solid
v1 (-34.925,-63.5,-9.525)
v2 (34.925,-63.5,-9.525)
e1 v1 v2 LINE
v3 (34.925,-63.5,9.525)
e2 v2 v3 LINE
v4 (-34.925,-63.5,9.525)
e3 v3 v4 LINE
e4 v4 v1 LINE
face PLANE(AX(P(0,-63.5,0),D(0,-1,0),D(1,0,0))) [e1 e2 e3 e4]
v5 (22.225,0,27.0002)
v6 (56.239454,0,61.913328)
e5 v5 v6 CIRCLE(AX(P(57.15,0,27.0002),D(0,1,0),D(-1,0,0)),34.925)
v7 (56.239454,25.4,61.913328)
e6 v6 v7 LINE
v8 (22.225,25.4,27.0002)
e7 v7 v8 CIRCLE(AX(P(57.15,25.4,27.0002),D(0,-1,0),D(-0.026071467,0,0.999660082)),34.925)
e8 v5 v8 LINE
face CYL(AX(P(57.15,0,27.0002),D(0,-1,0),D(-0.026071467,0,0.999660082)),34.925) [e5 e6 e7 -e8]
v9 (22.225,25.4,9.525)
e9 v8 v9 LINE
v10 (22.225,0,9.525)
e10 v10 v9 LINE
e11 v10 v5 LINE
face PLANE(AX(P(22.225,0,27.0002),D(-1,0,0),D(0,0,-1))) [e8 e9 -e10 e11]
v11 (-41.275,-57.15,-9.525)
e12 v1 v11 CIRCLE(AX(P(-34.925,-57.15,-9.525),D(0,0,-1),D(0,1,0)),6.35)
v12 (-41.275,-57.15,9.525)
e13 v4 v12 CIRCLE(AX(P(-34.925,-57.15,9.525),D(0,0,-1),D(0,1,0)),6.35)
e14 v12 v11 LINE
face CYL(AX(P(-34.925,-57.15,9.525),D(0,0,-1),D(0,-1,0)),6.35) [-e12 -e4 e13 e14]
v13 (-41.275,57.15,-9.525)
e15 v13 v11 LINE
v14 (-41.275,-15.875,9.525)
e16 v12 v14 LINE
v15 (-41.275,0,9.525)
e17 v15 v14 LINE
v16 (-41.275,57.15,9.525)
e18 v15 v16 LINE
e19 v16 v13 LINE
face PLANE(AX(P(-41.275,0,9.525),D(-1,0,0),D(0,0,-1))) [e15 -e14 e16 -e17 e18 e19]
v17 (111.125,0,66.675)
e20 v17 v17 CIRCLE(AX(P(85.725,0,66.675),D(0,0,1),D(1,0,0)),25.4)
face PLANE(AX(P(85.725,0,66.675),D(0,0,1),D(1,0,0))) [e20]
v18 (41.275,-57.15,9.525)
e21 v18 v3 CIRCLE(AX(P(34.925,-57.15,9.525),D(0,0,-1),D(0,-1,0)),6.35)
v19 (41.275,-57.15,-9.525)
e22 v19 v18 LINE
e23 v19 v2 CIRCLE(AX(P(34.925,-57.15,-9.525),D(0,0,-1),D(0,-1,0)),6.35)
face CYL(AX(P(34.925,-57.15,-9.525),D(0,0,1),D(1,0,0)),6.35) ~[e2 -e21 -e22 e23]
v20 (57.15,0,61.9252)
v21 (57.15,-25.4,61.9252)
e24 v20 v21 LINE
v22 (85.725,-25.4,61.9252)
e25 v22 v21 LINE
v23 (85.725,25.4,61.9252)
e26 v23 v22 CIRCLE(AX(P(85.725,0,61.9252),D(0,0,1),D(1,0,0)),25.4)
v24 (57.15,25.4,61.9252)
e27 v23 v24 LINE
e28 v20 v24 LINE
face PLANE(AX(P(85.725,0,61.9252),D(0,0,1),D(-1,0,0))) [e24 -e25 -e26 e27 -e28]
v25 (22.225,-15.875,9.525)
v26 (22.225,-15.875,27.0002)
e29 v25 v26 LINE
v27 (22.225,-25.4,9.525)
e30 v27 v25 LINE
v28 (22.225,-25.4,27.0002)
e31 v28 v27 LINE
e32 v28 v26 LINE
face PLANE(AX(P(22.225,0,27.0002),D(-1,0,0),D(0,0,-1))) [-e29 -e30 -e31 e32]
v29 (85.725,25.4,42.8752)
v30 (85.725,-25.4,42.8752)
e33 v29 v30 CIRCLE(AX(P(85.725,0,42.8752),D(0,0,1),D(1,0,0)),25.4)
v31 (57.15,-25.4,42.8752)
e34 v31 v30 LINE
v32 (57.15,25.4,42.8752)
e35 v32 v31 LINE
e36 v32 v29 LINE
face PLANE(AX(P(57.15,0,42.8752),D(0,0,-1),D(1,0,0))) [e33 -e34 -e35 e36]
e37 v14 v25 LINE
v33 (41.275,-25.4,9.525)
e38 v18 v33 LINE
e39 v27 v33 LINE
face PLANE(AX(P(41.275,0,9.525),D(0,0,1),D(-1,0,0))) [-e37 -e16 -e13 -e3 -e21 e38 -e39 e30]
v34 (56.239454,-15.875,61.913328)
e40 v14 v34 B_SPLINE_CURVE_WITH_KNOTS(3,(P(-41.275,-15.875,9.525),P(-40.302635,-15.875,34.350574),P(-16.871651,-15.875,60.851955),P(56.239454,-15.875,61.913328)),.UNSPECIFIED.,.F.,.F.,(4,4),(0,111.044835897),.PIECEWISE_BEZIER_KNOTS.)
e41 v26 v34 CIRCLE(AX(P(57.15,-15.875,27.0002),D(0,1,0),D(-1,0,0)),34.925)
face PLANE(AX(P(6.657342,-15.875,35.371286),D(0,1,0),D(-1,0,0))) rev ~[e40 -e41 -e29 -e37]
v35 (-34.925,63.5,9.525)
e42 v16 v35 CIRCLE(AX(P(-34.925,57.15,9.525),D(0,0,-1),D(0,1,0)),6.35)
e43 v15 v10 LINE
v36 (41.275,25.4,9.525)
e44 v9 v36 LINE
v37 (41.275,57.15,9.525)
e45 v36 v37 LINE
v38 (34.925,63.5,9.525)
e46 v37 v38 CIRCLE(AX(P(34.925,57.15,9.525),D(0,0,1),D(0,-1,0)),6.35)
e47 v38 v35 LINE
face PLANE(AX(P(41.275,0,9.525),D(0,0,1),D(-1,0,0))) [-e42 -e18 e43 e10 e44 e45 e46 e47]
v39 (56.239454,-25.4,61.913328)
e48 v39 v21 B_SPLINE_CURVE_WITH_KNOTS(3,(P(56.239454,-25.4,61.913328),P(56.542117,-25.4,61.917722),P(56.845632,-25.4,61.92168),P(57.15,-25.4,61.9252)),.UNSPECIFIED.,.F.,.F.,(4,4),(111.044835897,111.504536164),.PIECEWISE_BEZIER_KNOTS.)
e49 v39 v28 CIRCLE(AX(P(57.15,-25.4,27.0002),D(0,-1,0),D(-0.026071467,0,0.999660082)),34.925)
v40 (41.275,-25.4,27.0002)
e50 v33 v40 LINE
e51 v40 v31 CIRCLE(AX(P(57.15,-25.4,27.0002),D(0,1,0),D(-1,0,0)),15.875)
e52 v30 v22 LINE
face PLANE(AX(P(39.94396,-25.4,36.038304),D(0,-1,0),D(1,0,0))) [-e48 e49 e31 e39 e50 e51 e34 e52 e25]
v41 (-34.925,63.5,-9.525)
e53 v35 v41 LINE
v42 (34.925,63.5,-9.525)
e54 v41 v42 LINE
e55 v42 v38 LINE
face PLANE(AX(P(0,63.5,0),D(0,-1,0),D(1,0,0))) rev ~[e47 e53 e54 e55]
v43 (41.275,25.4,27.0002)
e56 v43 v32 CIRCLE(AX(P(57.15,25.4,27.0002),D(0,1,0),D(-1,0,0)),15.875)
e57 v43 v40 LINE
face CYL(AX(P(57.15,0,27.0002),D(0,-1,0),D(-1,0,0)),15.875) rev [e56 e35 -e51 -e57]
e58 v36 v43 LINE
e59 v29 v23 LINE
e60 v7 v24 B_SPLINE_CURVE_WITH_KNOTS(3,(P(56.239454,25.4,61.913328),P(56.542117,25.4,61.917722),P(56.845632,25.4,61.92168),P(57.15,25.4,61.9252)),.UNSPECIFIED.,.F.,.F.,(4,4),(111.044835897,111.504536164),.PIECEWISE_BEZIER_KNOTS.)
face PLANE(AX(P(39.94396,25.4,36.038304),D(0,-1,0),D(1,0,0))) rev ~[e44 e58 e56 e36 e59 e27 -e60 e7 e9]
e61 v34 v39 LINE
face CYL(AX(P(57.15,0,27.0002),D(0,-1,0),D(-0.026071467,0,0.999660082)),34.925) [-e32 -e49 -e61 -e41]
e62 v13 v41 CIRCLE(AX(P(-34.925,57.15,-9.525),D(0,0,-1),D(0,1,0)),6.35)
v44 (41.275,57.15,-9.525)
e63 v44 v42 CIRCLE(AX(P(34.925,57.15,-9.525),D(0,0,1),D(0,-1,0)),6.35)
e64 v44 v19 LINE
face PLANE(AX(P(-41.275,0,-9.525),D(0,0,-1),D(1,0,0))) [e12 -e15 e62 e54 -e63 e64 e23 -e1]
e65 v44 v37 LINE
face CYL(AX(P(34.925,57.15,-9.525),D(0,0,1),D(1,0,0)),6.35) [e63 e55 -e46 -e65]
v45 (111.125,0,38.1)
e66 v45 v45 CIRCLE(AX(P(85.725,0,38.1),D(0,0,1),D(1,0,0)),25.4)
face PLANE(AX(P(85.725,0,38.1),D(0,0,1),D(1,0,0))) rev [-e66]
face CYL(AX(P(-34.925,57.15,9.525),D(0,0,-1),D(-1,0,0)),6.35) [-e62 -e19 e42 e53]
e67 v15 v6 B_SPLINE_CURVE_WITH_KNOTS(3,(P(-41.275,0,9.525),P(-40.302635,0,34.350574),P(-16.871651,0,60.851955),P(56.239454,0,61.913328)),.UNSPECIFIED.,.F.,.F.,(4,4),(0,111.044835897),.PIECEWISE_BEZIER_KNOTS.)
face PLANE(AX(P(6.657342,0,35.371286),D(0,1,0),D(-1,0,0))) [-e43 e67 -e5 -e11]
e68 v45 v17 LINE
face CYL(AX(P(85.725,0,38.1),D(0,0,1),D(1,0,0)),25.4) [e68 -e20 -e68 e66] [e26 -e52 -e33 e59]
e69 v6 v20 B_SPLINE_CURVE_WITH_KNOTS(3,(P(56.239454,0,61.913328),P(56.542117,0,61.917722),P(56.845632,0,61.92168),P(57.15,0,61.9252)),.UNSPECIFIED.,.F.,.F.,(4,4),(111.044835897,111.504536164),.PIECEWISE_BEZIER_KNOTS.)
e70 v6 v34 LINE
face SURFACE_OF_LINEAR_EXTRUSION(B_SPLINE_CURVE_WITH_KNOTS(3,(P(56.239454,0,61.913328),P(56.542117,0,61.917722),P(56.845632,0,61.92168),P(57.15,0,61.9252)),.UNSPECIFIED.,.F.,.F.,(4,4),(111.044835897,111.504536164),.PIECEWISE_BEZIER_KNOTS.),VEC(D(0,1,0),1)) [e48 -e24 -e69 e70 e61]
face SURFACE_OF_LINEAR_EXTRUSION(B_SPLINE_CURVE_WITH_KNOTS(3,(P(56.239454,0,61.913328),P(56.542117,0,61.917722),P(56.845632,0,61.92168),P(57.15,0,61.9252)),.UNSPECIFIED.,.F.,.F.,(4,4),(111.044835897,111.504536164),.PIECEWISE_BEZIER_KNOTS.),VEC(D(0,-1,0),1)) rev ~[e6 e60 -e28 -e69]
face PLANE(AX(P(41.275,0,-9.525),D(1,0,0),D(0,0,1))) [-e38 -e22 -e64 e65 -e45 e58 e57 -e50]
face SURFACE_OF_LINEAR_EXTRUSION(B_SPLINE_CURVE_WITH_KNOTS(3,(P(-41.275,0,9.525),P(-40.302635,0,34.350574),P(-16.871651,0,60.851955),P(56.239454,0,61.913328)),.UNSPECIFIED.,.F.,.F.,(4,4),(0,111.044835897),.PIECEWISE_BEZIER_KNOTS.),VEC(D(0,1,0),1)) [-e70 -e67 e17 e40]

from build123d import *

# Parameters (mm, degrees)
F1_DEPTH = 63.5
F0_W     = 25.4
F0_H     = 19.05
F2_DEPTH = 25.4
F3_DEPTH = 15.875
F5_R     = 6.35


with BuildPart() as f1:
    # F0 (on Front) → F1 (new body, symmetric)
    with BuildSketch(Plane.XZ):
        Polygon((-41.275, 9.525), (-41.275, -9.525), (41.275, -9.525), (41.275, 9.525), (22.225, 9.525), align=None)
    extrude(amount=F1_DEPTH, both=True)

    # F0 (on Front) → F2 (join, symmetric)
    with BuildSketch(Plane.XZ):
        with BuildLine():
            Line((22.225, 9.525), (41.275, 9.525))
            Line((41.275, 9.525), (41.275, 27.0002))
            ThreePointArc((41.275, 27.0002), (45.9246798487, 38.2255201513), (57.15, 42.8752))
            Line((57.15, 42.8752), (60.325, 42.8752))
            Line((60.325, 42.8752), (60.325, 61.9252))
            Line((60.325, 61.9252), (57.15, 61.9252))
            add(Edge.make_bspline(
                [(56.2394540171, 61.9133283476), (56.5421172975, 61.9177221898), (56.8456319814, 61.9216800485), (57.15, 61.9252)],
                knots=[111.0448358966, 111.0448358966, 111.0448358966, 111.0448358966, 111.5045361635, 111.5045361635, 111.5045361635, 111.5045361635], degree=3))
            ThreePointArc((56.2394540171, 61.9133283476), (32.1344404075, 51.371851632), (22.225, 27.0002))
            Line((22.225, 27.0002), (22.225, 9.525))
        make_face()
        with Locations((73.025, 52.4002)):
            Rectangle(F0_W, F0_H)
    extrude(amount=F2_DEPTH, both=True)

    # F0 (on Front) → F3 (join)
    with BuildSketch(Plane.XZ):
        with BuildLine():
            add(Edge.make_bspline(
                [(-41.275, 9.525), (-40.3026354638, 34.3505741686), (-16.871650594, 60.8519552711), (56.2394540171, 61.9133283476)],
                knots=[0, 0, 0, 0, 111.0448358966, 111.0448358966, 111.0448358966, 111.0448358966], degree=3))
            Line((-41.275, 9.525), (22.225, 9.525))
            Line((22.225, 9.525), (22.225, 27.0002))
            ThreePointArc((22.225, 27.0002), (32.1344404075, 51.371851632), (56.2394540171, 61.9133283476))
        make_face()
    extrude(amount=F3_DEPTH)

    # F0 (on Front) → F4 (revolve)
    with BuildSketch(Plane.XZ):
        Polygon((85.725, 66.675), (85.725, 61.9252), (85.725, 42.8752), (85.725, 38.1), (111.125, 38.1), (111.125, 66.675), align=None)
    revolve(axis=Axis((85.725, 0, 52.3875), (0, 0, 1)))

    # F5
    f5_edges = [f1.edges().sort_by_distance(p)[0] for p in [
        (41.275, -63.5, 0),
        (-41.275, -63.5, 0),
        (41.275, 63.5, 0),
        (-41.275, 63.5, 0),
    ]]
    fillet(f5_edges, radius=F5_R)


solid = f1.part
